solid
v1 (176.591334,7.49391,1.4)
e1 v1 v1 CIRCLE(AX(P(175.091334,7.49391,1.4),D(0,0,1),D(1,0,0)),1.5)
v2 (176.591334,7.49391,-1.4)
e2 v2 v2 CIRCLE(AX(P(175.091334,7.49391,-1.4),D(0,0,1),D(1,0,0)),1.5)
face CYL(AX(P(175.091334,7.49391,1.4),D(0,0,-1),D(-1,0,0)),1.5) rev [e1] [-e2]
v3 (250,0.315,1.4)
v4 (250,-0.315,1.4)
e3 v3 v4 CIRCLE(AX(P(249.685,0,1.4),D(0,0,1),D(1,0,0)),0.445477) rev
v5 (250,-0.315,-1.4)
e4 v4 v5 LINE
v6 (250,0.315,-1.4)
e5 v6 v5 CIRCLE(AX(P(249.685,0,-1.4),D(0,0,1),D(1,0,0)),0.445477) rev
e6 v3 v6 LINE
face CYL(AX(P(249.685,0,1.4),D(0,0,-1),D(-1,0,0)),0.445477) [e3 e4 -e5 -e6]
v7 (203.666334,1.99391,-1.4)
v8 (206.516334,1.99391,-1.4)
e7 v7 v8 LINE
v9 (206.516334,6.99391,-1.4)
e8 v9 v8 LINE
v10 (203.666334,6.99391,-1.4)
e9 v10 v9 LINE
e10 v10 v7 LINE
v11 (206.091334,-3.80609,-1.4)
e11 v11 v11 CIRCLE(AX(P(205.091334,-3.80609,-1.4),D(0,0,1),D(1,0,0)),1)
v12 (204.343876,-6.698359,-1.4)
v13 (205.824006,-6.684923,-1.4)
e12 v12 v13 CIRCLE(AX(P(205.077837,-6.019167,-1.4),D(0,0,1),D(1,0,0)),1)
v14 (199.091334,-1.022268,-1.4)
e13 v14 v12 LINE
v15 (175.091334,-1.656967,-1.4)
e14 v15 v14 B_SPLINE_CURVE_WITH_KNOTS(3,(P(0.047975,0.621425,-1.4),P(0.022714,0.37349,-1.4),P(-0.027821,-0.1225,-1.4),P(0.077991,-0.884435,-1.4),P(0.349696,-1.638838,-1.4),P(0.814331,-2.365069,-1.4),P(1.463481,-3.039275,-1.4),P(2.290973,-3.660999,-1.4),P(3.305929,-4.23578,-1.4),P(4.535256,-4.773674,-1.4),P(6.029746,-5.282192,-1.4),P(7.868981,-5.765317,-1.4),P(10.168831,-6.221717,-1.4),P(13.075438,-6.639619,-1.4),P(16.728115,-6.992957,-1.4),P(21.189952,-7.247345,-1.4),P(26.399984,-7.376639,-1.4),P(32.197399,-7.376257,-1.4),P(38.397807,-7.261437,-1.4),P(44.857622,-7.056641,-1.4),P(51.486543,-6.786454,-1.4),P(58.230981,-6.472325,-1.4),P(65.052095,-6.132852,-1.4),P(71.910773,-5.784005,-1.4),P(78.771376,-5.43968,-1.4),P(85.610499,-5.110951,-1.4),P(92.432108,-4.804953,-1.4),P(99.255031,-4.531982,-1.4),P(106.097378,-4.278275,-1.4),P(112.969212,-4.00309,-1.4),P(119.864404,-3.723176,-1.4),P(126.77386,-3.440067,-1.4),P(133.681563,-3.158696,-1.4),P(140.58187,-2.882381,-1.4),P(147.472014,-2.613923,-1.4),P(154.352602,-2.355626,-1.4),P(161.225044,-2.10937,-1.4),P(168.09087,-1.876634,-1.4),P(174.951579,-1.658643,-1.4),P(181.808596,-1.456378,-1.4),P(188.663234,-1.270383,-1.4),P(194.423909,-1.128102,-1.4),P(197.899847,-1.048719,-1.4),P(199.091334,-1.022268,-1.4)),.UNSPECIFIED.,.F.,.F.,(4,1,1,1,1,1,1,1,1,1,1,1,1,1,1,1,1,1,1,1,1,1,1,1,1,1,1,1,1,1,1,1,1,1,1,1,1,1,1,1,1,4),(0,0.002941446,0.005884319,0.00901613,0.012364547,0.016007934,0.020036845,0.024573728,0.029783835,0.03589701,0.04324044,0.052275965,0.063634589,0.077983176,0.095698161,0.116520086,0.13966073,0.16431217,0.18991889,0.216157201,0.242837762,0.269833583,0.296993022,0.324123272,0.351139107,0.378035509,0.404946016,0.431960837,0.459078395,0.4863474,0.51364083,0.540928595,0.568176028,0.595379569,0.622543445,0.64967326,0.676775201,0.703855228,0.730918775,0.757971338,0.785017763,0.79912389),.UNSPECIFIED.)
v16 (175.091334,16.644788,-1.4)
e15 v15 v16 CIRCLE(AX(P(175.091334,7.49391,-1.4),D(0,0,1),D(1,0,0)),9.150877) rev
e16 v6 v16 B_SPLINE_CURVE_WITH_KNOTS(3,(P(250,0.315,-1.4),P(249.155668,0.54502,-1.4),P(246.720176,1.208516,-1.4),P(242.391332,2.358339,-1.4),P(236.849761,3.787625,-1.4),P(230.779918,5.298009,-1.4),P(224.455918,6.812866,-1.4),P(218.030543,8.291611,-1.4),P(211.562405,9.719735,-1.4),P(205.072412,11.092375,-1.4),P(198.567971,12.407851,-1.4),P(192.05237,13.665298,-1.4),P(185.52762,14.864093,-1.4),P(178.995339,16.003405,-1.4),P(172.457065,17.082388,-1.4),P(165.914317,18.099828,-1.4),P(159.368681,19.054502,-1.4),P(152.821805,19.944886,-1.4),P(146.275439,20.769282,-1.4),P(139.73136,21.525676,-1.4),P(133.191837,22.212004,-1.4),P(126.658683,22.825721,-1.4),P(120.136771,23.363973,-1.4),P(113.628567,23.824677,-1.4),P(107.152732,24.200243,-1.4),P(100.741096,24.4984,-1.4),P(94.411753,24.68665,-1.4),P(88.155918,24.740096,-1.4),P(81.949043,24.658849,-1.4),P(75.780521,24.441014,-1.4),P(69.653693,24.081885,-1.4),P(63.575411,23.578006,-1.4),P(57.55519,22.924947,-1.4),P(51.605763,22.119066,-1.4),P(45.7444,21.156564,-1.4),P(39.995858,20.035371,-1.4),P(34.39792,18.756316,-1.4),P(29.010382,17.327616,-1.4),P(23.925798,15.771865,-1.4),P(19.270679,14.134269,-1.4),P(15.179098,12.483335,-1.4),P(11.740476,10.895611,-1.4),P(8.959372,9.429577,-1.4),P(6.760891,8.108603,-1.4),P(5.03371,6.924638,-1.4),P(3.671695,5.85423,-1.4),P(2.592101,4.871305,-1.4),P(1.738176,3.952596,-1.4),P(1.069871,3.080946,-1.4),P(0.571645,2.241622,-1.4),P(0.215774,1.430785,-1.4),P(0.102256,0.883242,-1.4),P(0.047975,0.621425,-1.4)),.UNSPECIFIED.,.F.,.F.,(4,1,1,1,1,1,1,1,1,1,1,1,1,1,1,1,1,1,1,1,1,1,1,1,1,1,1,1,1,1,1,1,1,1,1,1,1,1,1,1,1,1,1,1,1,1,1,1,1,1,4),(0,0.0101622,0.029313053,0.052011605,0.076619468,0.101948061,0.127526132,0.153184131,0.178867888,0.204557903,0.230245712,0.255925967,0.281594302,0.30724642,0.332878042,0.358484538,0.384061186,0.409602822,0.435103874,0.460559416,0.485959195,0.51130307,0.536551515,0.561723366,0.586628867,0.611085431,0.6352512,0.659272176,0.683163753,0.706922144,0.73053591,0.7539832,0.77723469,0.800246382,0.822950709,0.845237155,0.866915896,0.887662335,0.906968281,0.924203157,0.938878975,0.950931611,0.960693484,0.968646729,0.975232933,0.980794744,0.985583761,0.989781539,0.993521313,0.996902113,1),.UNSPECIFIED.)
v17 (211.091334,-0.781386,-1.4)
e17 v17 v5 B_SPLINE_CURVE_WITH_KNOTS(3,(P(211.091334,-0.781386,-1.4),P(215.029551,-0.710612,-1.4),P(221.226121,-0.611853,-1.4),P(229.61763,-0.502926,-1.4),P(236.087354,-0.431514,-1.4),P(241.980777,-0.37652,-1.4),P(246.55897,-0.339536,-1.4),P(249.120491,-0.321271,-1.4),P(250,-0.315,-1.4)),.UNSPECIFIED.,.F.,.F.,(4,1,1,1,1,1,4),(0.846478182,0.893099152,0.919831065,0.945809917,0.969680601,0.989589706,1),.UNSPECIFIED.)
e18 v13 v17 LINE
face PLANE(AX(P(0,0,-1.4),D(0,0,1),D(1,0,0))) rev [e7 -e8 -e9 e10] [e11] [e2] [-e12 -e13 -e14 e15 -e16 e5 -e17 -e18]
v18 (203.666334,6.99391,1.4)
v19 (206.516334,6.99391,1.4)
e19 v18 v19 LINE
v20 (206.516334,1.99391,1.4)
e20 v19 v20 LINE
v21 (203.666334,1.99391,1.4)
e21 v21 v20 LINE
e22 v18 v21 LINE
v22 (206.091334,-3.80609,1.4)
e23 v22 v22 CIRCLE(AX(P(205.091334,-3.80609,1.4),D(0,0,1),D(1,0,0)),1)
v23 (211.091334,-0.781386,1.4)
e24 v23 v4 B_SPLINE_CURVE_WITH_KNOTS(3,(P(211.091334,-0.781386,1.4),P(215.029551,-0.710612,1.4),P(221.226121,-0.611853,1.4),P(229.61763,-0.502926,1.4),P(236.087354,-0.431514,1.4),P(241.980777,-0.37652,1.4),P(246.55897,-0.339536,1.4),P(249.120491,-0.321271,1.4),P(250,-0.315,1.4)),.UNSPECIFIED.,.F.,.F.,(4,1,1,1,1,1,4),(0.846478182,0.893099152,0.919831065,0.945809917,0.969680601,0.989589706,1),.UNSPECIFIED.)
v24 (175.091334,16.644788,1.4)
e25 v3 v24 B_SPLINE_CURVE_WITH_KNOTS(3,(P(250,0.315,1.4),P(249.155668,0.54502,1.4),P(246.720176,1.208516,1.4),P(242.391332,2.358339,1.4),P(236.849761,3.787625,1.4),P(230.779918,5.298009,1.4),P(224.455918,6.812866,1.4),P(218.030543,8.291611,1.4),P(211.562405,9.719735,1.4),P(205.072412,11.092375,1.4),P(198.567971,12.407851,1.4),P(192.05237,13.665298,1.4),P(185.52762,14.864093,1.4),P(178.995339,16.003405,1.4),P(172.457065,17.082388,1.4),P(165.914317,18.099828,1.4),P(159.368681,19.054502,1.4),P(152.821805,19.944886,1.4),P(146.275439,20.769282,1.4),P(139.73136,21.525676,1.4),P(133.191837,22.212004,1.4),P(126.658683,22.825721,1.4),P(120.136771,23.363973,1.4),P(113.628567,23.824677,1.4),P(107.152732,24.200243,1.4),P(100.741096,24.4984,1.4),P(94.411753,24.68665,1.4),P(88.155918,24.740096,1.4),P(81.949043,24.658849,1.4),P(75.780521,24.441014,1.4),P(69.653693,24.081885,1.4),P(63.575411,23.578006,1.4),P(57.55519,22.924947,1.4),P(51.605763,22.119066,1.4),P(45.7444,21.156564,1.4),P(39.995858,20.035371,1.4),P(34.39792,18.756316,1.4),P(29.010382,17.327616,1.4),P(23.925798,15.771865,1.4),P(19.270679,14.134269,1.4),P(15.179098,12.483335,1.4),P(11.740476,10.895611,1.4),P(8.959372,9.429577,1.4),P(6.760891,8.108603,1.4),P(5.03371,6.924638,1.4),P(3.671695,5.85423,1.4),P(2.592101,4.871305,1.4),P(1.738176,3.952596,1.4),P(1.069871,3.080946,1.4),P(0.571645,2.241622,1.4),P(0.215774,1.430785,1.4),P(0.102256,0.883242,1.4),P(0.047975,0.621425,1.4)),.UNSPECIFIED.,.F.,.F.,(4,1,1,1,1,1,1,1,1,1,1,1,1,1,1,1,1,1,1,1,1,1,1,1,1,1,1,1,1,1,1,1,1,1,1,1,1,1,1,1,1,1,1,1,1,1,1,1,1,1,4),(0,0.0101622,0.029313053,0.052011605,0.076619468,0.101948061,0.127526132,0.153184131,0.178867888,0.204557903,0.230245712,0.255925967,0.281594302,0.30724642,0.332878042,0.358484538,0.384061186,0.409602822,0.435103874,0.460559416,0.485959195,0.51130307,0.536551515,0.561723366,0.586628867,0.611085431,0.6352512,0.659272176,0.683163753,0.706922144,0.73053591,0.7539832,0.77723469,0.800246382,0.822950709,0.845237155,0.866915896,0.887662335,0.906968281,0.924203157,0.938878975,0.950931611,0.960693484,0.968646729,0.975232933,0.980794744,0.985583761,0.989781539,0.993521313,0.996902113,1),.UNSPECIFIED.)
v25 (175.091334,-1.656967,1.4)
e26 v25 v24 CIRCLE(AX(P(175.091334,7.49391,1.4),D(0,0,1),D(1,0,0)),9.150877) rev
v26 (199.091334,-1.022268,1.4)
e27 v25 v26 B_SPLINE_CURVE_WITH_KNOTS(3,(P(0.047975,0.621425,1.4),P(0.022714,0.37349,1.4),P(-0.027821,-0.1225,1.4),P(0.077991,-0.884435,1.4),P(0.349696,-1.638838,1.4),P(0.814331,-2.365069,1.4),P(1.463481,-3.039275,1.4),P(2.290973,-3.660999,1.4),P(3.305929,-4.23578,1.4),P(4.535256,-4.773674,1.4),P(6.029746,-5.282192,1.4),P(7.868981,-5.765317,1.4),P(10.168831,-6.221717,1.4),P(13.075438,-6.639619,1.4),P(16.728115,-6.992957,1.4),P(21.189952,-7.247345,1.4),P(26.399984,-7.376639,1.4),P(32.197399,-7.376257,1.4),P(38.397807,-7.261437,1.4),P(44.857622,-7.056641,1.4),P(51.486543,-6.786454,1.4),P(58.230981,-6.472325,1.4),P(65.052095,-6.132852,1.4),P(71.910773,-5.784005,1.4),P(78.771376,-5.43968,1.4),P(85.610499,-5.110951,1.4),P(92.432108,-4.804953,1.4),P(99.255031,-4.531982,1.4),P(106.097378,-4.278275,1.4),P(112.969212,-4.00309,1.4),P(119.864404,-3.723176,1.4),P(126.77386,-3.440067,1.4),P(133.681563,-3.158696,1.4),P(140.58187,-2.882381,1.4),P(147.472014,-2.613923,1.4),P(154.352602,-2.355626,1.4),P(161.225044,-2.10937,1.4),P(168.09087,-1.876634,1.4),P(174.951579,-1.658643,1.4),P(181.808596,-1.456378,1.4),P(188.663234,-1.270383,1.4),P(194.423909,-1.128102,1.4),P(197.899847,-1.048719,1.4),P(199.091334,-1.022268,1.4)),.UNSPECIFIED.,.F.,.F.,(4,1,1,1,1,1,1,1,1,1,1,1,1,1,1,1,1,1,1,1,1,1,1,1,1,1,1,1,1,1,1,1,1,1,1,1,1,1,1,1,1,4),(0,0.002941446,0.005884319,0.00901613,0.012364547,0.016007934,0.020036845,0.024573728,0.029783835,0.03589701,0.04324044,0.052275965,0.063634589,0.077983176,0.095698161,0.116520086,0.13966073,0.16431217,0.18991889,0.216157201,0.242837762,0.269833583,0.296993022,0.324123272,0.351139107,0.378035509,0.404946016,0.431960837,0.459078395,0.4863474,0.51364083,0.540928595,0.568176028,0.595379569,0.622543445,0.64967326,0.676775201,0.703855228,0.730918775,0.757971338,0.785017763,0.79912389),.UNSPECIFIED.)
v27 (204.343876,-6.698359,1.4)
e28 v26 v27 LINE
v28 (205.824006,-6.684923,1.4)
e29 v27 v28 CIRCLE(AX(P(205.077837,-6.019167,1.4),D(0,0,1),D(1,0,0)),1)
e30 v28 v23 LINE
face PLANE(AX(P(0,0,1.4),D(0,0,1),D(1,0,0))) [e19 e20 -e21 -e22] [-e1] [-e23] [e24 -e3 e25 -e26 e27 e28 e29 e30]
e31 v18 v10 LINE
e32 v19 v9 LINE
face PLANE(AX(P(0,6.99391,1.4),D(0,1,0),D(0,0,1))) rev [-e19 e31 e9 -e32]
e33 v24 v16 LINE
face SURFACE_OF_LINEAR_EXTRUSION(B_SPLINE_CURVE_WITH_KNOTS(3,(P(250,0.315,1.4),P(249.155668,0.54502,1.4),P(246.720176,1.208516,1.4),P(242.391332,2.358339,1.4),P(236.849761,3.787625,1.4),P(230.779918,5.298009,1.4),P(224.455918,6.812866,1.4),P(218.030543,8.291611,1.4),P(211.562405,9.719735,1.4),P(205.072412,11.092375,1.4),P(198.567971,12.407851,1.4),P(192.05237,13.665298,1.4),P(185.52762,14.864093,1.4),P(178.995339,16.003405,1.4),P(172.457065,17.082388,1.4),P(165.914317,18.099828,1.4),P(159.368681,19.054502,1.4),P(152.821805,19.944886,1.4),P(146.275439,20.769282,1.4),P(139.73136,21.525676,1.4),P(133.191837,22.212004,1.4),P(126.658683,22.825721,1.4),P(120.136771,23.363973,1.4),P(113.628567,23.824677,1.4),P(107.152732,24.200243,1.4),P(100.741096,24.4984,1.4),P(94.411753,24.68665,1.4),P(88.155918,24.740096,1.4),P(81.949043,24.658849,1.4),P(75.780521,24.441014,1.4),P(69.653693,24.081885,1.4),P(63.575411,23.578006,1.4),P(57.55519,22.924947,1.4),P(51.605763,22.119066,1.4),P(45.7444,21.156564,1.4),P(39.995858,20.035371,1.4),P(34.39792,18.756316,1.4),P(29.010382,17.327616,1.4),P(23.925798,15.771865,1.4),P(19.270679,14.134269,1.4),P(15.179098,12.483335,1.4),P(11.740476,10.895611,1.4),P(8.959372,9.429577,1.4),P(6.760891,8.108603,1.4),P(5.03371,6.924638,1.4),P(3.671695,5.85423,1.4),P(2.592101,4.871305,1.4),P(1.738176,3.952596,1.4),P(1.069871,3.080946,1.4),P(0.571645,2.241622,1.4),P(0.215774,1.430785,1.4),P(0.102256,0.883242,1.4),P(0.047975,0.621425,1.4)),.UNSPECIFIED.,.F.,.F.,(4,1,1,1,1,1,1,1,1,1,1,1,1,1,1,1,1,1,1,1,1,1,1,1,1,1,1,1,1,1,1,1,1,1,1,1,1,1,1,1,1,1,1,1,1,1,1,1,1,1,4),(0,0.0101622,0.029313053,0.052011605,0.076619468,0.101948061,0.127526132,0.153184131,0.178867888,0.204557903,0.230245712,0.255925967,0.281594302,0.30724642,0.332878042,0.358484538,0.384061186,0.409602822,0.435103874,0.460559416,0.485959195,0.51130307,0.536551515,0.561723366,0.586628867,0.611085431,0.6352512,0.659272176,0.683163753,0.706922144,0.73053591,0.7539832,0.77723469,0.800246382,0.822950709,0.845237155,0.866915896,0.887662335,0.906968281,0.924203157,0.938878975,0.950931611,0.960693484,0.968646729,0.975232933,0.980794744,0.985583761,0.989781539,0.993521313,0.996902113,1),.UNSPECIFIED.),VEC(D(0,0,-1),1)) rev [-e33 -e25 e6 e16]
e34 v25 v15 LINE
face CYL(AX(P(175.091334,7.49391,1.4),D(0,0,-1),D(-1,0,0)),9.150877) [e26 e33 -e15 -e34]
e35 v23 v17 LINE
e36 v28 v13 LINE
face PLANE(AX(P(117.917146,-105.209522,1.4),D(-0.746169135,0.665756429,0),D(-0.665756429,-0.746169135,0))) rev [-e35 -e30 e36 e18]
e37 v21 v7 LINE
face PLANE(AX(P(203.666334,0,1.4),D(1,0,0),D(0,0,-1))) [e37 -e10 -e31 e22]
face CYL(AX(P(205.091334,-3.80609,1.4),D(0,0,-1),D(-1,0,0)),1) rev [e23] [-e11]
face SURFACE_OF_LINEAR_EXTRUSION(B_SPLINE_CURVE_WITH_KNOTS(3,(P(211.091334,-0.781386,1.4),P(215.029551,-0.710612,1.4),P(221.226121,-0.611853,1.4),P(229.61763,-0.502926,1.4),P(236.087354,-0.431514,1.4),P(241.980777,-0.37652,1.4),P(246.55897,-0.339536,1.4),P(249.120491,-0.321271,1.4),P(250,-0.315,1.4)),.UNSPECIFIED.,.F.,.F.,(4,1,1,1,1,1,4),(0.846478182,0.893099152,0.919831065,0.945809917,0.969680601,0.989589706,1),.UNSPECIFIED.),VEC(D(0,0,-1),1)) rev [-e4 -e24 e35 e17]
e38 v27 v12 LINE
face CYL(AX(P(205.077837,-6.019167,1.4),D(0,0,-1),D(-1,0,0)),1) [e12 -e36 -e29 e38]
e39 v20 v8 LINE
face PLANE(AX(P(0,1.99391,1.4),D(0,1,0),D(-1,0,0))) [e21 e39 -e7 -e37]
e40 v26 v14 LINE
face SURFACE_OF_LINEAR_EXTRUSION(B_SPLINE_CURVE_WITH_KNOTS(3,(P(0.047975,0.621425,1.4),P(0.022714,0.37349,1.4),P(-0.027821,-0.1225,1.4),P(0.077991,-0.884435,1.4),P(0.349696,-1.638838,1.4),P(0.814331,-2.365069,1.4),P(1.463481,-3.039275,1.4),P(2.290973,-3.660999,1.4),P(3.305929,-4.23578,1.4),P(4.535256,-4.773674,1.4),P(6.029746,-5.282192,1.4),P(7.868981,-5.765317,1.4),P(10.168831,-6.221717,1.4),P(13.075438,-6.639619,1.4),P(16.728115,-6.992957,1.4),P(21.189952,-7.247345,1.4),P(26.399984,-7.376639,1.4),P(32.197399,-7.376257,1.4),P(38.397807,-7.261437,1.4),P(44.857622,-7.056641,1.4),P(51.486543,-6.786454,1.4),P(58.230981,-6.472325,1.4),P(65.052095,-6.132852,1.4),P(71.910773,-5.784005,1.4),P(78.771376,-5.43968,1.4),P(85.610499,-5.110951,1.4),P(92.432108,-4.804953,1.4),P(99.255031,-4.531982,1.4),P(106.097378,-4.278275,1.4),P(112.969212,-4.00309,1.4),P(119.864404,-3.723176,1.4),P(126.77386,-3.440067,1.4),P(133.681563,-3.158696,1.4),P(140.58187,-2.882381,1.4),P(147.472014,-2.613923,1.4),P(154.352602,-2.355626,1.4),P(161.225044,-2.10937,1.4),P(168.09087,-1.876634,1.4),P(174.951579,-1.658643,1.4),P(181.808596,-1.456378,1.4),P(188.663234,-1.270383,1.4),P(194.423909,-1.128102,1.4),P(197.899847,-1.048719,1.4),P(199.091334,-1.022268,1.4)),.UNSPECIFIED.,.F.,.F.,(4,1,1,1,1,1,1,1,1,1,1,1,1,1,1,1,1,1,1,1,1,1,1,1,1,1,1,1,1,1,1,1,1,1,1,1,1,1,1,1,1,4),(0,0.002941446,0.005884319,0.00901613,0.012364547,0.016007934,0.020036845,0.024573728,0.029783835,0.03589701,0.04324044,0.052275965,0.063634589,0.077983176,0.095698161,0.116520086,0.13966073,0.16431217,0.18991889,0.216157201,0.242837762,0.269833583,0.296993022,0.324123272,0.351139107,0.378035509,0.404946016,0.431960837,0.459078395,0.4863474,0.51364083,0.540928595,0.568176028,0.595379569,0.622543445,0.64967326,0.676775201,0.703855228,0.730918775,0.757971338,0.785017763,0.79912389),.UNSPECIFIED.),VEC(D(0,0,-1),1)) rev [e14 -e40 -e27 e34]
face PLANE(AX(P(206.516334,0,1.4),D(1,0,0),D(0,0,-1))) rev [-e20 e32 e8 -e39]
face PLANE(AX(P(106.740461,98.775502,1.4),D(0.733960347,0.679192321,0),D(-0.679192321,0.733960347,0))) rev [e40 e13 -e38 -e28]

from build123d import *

# Parameters (mm, degrees)
SKETCH_1_R      = 1
SKETCH_1_R_2    = 1.5
SKETCH_1_W      = 2.85
SKETCH_1_H      = 5
EXTRUDE_1_DEPTH = 1.4


with BuildPart() as part:
    # Эскиз1 → Бобышка-Вытянуть1 (new, symmetric)
    with BuildSketch(Plane.XY):
        with BuildLine():
            ThreePointArc((175.091334091, 16.644787515), (168.620686799, 13.96455765), (165.940456932, 7.493910359))
            ThreePointArc((165.940456932, 7.493910359), (168.620686797, 1.023263065), (175.091334091, -1.656966802))
            add(Edge.make_bspline(
                [(175.091334091, -1.656966802), (177.330680613, -1.588466601), (181.854695323, -1.455127256), (188.663234462, -1.270383377), (194.423908611, -1.128102082), (197.899847219, -1.04871935), (199.091334091, -1.02226769)],
                knots=[0.704401069, 0.704401069, 0.704401069, 0.704401069, 0.730918775, 0.757971338, 0.785017763, 0.79912389, 0.79912389, 0.79912389, 0.79912389], degree=3))
            Line((199.091334091, -1.02226769), (204.343876183, -6.698358978))
            ThreePointArc((204.343876183, -6.698358978), (205.086913668, -7.019125459), (205.824005665, -6.684923086))
            Line((205.824005665, -6.684923086), (211.091334091, -0.78138581))
            add(Edge.make_bspline(
                [(211.091334091, -0.78138581), (215.029550732, -0.71061193), (221.226120504, -0.611852577), (229.617630172, -0.50292618), (236.087353854, -0.431514192), (241.980776913, -0.376520461), (246.558970011, -0.339535886), (249.120490965, -0.321271242), (250, -0.315)],
                knots=[0.846478182, 0.846478182, 0.846478182, 0.846478182, 0.893099152, 0.919831065, 0.945809917, 0.969680601, 0.989589706, 1, 1, 1, 1], degree=3))
            ThreePointArc((250, -0.315), (250.130477272, 0), (250, 0.315))
            add(Edge.make_bspline(
                [(250, 0.315), (249.15566774, 0.545019818), (246.720175698, 1.208516243), (242.391332083, 2.358339053), (236.849761204, 3.787625364), (230.779918279, 5.298008837), (224.455917947, 6.812866028), (218.030543496, 8.291610632), (211.562405045, 9.719735057), (205.072411509, 11.092374932), (198.567970913, 12.407850726), (192.052369914, 13.665297924), (185.527619973, 14.864093303), (179.872800983, 15.850364437), (176.392239334, 16.431323122), (175.091334091, 16.644787515)],
                knots=[0, 0, 0, 0, 0.0101622, 0.029313053, 0.052011605, 0.076619468, 0.101948061, 0.127526132, 0.153184131, 0.178867888, 0.204557903, 0.230245712, 0.255925967, 0.281594302, 0.296903142, 0.296903142, 0.296903142, 0.296903142], degree=3))
        make_face()
        with Locations((205.091334091, -3.806089643)):
            Circle(SKETCH_1_R, mode=Mode.SUBTRACT)
        with Locations((175.091334091, 7.493910357)):
            Circle(SKETCH_1_R_2, mode=Mode.SUBTRACT)
        with Locations((205.091334091, 4.493910357)):
            Rectangle(SKETCH_1_W, SKETCH_1_H, mode=Mode.SUBTRACT)
    extrude(amount=EXTRUDE_1_DEPTH, both=True)


solid = part.part
